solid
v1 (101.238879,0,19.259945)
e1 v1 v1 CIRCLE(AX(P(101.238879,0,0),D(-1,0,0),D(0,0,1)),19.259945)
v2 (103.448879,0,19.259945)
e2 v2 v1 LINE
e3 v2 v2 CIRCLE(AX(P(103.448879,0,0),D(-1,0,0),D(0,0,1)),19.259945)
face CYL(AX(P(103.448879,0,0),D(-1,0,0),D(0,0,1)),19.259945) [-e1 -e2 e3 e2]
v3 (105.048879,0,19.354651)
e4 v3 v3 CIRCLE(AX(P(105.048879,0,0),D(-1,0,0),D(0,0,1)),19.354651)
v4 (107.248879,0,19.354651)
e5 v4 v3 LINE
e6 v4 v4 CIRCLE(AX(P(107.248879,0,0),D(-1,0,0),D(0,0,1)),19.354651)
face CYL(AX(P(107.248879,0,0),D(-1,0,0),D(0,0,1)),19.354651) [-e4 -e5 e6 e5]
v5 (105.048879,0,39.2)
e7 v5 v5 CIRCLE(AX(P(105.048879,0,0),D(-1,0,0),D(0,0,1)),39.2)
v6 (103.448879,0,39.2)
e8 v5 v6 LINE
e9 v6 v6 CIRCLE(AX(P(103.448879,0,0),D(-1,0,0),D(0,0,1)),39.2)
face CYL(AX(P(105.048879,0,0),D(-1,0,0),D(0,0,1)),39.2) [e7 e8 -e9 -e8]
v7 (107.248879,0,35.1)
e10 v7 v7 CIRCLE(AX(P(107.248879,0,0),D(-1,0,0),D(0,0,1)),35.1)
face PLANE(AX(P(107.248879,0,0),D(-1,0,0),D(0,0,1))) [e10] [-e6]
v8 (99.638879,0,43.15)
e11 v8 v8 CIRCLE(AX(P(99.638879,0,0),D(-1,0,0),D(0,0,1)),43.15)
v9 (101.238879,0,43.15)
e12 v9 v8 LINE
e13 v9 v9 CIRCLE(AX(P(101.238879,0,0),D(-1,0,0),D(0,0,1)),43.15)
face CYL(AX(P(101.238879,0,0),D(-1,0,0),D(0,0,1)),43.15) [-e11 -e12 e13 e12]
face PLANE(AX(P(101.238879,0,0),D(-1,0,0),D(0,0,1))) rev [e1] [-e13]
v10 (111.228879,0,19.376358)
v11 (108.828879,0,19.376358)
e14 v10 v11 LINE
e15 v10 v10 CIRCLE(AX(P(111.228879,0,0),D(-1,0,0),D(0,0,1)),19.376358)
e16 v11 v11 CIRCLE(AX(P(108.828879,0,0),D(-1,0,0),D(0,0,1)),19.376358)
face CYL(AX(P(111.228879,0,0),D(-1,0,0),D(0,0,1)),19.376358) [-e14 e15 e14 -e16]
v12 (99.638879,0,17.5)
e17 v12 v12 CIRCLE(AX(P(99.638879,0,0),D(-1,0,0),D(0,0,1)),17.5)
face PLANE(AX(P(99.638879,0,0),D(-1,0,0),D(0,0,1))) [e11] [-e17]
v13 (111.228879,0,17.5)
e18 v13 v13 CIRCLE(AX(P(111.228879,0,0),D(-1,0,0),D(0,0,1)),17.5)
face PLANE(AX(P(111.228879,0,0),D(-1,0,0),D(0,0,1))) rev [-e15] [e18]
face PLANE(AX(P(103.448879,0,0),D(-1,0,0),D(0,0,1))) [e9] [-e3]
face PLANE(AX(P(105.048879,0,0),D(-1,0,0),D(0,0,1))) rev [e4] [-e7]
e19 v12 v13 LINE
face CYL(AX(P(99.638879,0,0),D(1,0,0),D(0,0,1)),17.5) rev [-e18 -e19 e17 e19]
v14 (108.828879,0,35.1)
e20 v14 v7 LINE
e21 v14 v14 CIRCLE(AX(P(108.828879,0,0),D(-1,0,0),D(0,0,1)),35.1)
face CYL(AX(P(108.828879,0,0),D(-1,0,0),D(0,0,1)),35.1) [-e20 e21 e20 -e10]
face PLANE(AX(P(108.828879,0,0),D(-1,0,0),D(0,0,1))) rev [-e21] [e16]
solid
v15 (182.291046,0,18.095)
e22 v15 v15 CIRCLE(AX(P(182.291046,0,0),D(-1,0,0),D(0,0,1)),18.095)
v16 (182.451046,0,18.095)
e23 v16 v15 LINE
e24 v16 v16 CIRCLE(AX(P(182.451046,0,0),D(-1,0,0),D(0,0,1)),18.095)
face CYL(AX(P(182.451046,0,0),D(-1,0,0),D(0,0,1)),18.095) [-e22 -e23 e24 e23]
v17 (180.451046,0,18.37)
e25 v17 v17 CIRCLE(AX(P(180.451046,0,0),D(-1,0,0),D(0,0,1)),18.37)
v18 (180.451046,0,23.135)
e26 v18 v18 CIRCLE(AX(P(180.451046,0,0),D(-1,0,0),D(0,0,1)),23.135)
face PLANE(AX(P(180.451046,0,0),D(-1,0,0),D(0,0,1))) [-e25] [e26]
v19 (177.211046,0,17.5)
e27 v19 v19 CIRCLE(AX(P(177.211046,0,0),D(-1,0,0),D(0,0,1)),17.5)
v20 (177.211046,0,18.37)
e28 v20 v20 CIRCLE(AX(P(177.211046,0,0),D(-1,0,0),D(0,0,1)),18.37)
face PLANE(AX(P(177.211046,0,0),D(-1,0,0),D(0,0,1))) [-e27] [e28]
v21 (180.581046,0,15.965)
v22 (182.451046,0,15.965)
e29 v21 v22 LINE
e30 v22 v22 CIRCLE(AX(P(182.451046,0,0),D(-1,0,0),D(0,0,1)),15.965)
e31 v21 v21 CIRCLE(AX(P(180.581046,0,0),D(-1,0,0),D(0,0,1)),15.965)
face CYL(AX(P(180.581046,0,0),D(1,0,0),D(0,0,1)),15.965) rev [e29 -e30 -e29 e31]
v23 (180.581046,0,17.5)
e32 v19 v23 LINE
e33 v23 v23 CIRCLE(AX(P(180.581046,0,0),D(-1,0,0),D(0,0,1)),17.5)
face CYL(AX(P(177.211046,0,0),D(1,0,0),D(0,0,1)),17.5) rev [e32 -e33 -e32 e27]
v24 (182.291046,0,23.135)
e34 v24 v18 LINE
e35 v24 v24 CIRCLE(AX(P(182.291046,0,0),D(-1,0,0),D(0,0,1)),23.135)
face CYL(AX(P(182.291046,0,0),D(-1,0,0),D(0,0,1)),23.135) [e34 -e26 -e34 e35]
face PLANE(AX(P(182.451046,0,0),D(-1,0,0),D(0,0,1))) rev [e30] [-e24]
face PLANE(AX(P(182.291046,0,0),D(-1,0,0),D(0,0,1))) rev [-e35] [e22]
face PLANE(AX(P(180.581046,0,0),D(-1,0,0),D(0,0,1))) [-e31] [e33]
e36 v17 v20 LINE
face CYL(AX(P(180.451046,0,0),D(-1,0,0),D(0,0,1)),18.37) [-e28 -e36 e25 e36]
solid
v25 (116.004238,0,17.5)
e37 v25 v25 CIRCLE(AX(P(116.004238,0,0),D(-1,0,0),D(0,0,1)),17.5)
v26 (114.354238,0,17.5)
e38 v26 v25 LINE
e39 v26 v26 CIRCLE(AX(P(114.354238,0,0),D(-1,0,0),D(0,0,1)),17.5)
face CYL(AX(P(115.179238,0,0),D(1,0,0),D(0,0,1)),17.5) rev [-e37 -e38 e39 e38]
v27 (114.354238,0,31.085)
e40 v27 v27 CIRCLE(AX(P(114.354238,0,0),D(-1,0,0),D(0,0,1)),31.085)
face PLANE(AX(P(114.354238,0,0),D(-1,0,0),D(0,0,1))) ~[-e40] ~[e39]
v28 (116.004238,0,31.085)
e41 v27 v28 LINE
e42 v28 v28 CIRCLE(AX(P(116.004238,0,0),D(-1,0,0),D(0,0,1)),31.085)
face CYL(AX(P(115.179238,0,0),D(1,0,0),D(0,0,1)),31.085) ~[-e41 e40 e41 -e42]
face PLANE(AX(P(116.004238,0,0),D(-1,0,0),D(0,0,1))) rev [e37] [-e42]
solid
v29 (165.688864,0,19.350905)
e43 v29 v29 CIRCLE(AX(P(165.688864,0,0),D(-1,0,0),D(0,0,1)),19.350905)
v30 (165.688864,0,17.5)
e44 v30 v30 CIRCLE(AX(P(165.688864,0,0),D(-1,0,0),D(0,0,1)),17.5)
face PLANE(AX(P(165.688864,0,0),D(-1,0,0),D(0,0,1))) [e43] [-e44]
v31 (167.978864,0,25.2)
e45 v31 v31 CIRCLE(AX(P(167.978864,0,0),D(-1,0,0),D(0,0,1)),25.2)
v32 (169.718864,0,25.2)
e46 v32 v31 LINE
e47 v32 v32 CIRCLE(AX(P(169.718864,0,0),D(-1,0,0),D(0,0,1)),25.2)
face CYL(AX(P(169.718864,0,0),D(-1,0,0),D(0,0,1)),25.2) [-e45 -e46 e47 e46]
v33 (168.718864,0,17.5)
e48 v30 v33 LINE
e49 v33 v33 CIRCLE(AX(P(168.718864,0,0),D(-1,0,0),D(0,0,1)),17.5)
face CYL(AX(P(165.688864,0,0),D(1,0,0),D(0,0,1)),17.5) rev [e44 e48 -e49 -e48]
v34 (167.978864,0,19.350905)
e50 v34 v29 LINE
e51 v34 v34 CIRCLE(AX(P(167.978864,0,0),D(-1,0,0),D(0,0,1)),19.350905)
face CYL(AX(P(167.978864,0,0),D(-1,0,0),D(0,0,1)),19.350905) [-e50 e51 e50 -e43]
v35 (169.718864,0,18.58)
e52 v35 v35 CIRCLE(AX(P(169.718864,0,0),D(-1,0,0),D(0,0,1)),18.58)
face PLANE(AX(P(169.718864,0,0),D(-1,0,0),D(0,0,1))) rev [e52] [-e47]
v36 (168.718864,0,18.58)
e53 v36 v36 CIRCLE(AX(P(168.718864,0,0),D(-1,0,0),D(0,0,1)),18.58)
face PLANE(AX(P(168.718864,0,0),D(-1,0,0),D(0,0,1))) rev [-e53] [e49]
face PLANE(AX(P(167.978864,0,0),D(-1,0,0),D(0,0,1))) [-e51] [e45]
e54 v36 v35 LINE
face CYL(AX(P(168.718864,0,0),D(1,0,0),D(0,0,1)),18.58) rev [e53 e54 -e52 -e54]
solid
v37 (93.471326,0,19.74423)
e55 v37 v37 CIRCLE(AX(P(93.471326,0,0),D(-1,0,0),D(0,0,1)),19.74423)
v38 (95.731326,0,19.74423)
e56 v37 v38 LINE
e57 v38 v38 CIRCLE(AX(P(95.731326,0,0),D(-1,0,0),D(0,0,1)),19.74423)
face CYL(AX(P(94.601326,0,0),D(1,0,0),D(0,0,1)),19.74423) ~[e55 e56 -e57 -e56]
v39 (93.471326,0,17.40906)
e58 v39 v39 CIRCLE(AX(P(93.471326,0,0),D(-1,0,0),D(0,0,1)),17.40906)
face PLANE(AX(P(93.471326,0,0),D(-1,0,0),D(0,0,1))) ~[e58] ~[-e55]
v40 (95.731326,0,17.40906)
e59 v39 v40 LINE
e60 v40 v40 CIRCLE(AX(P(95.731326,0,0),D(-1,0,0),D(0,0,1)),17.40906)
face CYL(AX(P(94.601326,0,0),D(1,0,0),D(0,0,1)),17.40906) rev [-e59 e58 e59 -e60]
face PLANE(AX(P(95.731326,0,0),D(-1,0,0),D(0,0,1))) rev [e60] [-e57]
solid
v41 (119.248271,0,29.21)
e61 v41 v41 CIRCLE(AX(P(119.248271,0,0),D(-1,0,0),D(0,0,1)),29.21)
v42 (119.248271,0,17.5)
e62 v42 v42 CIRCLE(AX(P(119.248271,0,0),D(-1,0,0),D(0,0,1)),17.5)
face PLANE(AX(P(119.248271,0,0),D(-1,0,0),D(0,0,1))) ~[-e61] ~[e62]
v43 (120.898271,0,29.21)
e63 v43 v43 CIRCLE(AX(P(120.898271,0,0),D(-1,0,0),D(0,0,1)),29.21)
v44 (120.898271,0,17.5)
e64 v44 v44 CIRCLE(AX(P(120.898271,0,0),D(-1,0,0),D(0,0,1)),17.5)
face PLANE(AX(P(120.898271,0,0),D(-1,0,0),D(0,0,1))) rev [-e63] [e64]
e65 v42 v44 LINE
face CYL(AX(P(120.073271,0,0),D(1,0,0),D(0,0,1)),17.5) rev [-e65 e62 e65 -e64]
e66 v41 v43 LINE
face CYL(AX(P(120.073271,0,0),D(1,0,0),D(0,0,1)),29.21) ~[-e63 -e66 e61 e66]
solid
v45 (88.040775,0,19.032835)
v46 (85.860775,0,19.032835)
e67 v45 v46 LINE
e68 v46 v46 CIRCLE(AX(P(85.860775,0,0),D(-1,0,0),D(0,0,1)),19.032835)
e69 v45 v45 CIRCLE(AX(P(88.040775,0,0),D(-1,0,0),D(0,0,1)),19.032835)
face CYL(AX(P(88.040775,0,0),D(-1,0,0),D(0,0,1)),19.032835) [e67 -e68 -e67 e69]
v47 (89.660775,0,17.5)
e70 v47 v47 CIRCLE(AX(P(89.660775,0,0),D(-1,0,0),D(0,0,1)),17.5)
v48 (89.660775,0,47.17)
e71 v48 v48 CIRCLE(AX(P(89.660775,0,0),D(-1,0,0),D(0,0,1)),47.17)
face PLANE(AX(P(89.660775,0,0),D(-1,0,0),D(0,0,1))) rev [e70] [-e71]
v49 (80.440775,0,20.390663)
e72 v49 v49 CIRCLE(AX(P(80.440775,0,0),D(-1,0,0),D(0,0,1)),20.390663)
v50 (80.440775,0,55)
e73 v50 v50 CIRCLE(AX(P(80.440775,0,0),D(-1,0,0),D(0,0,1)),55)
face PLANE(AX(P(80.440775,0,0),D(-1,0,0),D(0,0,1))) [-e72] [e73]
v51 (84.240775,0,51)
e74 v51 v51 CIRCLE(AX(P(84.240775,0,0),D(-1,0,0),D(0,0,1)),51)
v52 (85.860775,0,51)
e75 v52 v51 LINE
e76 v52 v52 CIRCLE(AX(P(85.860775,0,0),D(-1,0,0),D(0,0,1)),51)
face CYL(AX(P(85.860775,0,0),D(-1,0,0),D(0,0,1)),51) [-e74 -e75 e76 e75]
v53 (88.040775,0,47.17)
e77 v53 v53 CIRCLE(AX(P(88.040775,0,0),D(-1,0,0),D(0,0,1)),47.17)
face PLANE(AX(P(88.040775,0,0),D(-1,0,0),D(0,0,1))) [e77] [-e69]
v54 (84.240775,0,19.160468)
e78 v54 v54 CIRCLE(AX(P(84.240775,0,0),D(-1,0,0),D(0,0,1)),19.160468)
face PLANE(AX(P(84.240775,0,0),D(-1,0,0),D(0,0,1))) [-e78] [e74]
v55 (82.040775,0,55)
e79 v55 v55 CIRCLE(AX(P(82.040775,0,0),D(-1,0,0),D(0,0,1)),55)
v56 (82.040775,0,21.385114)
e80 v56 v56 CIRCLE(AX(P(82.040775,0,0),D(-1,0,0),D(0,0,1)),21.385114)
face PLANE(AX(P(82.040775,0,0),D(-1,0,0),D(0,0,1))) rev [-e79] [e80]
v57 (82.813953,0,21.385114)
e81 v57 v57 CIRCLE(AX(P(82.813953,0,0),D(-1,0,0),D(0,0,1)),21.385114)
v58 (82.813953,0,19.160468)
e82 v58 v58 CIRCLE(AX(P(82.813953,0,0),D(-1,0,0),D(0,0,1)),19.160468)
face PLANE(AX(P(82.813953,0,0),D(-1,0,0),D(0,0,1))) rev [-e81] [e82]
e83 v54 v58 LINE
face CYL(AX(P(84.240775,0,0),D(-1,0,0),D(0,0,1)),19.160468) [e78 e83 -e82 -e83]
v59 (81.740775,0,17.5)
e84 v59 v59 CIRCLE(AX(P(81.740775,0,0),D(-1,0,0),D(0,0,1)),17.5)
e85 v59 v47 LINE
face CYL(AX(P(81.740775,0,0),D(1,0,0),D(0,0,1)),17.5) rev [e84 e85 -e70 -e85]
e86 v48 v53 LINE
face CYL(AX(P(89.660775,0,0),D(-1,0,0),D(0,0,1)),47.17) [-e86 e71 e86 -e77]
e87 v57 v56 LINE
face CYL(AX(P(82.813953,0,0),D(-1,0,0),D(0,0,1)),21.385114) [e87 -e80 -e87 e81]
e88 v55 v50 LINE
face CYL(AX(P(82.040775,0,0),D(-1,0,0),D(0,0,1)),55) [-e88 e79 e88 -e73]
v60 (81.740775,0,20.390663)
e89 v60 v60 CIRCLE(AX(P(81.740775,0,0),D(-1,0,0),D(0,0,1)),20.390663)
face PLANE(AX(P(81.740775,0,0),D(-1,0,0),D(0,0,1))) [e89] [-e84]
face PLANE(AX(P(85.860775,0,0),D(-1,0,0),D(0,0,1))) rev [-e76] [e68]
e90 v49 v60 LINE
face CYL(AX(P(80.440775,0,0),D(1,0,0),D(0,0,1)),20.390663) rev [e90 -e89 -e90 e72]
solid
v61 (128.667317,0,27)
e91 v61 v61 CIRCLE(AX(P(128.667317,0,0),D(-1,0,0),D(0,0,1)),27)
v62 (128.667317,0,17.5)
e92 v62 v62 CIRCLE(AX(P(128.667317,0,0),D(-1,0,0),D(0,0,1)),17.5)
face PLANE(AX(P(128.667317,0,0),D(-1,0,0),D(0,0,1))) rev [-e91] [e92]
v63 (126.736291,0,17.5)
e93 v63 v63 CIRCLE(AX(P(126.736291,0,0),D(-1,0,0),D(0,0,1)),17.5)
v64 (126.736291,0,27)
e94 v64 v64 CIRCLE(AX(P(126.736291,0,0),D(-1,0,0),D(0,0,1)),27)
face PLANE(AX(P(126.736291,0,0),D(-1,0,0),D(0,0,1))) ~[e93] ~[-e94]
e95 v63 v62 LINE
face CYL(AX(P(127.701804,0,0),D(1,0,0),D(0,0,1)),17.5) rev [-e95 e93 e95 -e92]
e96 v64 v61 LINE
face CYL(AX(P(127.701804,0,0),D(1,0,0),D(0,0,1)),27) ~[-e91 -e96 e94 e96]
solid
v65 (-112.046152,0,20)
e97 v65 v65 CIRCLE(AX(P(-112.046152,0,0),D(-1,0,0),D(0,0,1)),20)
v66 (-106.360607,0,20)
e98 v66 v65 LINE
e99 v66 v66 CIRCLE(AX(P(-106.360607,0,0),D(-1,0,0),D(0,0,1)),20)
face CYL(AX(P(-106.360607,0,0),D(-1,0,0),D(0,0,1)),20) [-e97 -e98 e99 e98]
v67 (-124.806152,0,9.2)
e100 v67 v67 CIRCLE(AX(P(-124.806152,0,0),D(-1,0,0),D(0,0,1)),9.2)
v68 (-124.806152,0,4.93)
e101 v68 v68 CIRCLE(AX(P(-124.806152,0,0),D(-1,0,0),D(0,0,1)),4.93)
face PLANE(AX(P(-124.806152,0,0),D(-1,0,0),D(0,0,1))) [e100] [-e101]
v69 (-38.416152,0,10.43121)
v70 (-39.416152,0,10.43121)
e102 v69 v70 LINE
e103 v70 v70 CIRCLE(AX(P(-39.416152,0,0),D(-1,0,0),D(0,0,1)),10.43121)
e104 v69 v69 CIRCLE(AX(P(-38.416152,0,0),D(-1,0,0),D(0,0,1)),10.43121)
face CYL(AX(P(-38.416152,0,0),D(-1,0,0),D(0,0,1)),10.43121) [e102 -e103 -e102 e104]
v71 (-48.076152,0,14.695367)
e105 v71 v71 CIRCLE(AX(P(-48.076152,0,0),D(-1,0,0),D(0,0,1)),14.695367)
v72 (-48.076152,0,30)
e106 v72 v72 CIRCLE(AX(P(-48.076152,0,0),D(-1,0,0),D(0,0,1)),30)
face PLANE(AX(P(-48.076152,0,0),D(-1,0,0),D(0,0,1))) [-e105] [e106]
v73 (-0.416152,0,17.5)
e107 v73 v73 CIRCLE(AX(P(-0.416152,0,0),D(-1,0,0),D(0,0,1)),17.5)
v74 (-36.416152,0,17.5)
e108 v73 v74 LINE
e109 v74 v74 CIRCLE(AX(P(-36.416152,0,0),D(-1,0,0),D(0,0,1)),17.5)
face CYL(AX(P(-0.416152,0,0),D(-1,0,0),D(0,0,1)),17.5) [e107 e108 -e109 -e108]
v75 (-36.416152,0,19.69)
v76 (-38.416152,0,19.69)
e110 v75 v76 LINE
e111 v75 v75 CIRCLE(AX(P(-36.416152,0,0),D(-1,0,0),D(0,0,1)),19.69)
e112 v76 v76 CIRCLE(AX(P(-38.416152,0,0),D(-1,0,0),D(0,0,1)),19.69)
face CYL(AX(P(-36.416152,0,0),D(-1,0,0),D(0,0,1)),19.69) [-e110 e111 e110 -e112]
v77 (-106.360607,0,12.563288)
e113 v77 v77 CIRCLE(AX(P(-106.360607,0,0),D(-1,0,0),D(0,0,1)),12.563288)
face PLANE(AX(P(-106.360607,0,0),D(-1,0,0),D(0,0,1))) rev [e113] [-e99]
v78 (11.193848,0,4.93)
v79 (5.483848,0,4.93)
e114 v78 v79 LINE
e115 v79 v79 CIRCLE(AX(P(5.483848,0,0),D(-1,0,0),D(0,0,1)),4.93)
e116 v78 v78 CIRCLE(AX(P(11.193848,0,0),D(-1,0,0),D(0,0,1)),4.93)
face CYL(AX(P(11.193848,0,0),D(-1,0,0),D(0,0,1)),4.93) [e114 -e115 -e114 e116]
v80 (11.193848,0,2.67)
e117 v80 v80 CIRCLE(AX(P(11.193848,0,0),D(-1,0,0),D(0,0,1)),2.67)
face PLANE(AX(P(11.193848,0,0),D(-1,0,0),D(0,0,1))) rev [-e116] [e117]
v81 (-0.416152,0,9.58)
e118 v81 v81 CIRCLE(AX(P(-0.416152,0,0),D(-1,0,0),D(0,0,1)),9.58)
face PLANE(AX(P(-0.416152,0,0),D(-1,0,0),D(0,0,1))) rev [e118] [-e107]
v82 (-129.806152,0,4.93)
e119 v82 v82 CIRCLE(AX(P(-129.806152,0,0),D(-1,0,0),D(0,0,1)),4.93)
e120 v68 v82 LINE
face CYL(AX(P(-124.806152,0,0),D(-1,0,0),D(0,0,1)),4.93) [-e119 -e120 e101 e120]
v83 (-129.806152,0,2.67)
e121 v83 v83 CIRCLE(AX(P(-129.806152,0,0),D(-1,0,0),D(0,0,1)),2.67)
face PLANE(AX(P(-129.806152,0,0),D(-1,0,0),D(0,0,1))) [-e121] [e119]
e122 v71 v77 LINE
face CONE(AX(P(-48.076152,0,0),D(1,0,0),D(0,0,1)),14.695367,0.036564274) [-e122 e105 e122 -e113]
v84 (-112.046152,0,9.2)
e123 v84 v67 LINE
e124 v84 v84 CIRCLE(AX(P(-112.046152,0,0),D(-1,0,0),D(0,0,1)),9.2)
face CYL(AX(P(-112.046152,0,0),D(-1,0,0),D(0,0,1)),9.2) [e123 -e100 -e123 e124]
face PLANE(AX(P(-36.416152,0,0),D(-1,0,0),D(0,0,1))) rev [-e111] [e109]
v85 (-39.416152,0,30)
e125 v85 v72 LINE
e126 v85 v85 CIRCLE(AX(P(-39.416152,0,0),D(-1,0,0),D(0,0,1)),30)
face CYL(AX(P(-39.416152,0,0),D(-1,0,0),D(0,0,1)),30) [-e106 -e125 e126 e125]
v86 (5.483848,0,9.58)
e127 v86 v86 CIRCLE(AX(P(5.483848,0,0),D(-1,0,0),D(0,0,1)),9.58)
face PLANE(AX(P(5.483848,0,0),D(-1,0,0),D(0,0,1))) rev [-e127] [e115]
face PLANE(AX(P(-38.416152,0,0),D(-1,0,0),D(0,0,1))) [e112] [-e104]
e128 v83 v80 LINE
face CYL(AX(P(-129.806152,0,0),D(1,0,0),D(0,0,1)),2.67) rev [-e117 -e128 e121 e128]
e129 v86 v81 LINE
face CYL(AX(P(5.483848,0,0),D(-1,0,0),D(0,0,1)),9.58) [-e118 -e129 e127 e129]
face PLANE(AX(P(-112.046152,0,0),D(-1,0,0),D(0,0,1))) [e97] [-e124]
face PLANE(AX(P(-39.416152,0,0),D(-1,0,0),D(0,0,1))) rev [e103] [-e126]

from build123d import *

# Parameters (mm, degrees)
F0_W   = 2.26
F0_H   = 2.33517
F0_W_2 = 1.65
F0_H_2 = 13.585
F0_H_3 = 11.71
F0_W_3 = 1.931026
F0_H_4 = 9.5


with BuildPart() as f1:
    # F0 (on Front) → F1 (revolve)
    with BuildSketch(Plane.XZ):
        Polygon((-124.806152, 4.93), (-129.806152, 4.93), (-129.806152, 2.67), (11.193848, 2.67), (11.193848, 4.93), (5.483848, 4.93), (5.483848, 9.58), (-0.416152, 9.58), (-0.416152, 17.5), (-36.416152, 17.5), (-36.416152, 19.69), (-38.416152, 19.69), (-38.416152, 10.43121), (-39.416152, 10.43121), (-39.416152, 30), (-48.076152, 30), (-48.076152, 14.695367), (-106.360607, 12.563288), (-106.360607, 20), (-112.046152, 20), (-112.046152, 9.2), (-124.806152, 9.2), align=None)
    revolve(axis=Axis((-68.983763, 0, 0), (-1, 0, 0)))


with BuildPart() as f2:
    # F0 (on Front) → F2 (revolve)
    with BuildSketch(Plane.XZ):
        Polygon((81.740775, 17.5), (89.660775, 17.5), (89.660775, 47.17), (88.040775, 47.17), (88.040775, 19.032835), (85.860775, 19.032835), (85.860775, 51), (84.240775, 51), (84.240775, 19.160468), (82.813953, 19.160468), (82.813953, 21.385114), (82.040775, 21.385114), (82.040775, 55), (80.440775, 55), (80.440775, 20.390663), (81.740775, 20.390663), align=None)
    revolve(axis=Axis((-68.983763, 0, 0), (-1, 0, 0)))


with BuildPart() as f3:
    # F0 (on Front) → F3 (revolve)
    with BuildSketch(Plane.XZ):
        Polygon((99.638879, 17.5), (111.228879, 17.5), (111.228879, 19.376358), (108.828879, 19.376358), (108.828879, 35.1), (107.248879, 35.1), (107.248879, 19.354651), (105.048879, 19.354651), (105.048879, 39.2), (103.448879, 39.2), (103.448879, 19.259945), (101.238879, 19.259945), (101.238879, 43.15), (99.638879, 43.15), align=None)
    revolve(axis=Axis((-68.983763, 0, 0), (-1, 0, 0)))


with BuildPart() as f4:
    # F0 (on Front) → F4 (revolve)
    with BuildSketch(Plane.XZ):
        with Locations((94.601326, 18.576645)):
            Rectangle(F0_W, F0_H)
    revolve(axis=Axis((-68.983763, 0, 0), (-1, 0, 0)))


with BuildPart() as f5:
    # F0 (on Front) → F5 (revolve)
    with BuildSketch(Plane.XZ):
        with Locations((115.179238, 24.2925)):
            Rectangle(F0_W_2, F0_H_2)
    revolve(axis=Axis((-68.983763, 0, 0), (-1, 0, 0)))


with BuildPart() as f6:
    # F0 (on Front) → F6 (revolve)
    with BuildSketch(Plane.XZ):
        with Locations((120.073271, 23.355)):
            Rectangle(F0_W_2, F0_H_3)
    revolve(axis=Axis((-68.983763, 0, 0), (-1, 0, 0)))


with BuildPart() as f7:
    # F0 (on Front) → F7 (revolve)
    with BuildSketch(Plane.XZ):
        with Locations((127.701804, 22.25)):
            Rectangle(F0_W_3, F0_H_4)
    revolve(axis=Axis((-68.983763, 0, 0), (-1, 0, 0)))


with BuildPart() as f8:
    # F0 (on Front) → F8 (revolve)
    with BuildSketch(Plane.XZ):
        Polygon((167.978864, 25.2), (167.978864, 19.350905), (165.688864, 19.350905), (165.688864, 17.5), (168.718864, 17.5), (168.718864, 18.58), (169.718864, 18.58), (169.718864, 25.2), align=None)
    revolve(axis=Axis((-68.983763, 0, 0), (-1, 0, 0)))


with BuildPart() as f9:
    # F0 (on Front) → F9 (revolve)
    with BuildSketch(Plane.XZ):
        Polygon((180.451046, 23.135), (180.451046, 18.37), (177.211046, 18.37), (177.211046, 17.5), (180.581046, 17.5), (180.581046, 15.965), (182.451046, 15.965), (182.451046, 18.095), (182.291046, 18.095), (182.291046, 23.135), align=None)
    revolve(axis=Axis((-68.983763, 0, 0), (-1, 0, 0)))


solid = Compound([f1.part, f2.part, f3.part, f4.part, f5.part, f6.part, f7.part, f8.part, f9.part])
